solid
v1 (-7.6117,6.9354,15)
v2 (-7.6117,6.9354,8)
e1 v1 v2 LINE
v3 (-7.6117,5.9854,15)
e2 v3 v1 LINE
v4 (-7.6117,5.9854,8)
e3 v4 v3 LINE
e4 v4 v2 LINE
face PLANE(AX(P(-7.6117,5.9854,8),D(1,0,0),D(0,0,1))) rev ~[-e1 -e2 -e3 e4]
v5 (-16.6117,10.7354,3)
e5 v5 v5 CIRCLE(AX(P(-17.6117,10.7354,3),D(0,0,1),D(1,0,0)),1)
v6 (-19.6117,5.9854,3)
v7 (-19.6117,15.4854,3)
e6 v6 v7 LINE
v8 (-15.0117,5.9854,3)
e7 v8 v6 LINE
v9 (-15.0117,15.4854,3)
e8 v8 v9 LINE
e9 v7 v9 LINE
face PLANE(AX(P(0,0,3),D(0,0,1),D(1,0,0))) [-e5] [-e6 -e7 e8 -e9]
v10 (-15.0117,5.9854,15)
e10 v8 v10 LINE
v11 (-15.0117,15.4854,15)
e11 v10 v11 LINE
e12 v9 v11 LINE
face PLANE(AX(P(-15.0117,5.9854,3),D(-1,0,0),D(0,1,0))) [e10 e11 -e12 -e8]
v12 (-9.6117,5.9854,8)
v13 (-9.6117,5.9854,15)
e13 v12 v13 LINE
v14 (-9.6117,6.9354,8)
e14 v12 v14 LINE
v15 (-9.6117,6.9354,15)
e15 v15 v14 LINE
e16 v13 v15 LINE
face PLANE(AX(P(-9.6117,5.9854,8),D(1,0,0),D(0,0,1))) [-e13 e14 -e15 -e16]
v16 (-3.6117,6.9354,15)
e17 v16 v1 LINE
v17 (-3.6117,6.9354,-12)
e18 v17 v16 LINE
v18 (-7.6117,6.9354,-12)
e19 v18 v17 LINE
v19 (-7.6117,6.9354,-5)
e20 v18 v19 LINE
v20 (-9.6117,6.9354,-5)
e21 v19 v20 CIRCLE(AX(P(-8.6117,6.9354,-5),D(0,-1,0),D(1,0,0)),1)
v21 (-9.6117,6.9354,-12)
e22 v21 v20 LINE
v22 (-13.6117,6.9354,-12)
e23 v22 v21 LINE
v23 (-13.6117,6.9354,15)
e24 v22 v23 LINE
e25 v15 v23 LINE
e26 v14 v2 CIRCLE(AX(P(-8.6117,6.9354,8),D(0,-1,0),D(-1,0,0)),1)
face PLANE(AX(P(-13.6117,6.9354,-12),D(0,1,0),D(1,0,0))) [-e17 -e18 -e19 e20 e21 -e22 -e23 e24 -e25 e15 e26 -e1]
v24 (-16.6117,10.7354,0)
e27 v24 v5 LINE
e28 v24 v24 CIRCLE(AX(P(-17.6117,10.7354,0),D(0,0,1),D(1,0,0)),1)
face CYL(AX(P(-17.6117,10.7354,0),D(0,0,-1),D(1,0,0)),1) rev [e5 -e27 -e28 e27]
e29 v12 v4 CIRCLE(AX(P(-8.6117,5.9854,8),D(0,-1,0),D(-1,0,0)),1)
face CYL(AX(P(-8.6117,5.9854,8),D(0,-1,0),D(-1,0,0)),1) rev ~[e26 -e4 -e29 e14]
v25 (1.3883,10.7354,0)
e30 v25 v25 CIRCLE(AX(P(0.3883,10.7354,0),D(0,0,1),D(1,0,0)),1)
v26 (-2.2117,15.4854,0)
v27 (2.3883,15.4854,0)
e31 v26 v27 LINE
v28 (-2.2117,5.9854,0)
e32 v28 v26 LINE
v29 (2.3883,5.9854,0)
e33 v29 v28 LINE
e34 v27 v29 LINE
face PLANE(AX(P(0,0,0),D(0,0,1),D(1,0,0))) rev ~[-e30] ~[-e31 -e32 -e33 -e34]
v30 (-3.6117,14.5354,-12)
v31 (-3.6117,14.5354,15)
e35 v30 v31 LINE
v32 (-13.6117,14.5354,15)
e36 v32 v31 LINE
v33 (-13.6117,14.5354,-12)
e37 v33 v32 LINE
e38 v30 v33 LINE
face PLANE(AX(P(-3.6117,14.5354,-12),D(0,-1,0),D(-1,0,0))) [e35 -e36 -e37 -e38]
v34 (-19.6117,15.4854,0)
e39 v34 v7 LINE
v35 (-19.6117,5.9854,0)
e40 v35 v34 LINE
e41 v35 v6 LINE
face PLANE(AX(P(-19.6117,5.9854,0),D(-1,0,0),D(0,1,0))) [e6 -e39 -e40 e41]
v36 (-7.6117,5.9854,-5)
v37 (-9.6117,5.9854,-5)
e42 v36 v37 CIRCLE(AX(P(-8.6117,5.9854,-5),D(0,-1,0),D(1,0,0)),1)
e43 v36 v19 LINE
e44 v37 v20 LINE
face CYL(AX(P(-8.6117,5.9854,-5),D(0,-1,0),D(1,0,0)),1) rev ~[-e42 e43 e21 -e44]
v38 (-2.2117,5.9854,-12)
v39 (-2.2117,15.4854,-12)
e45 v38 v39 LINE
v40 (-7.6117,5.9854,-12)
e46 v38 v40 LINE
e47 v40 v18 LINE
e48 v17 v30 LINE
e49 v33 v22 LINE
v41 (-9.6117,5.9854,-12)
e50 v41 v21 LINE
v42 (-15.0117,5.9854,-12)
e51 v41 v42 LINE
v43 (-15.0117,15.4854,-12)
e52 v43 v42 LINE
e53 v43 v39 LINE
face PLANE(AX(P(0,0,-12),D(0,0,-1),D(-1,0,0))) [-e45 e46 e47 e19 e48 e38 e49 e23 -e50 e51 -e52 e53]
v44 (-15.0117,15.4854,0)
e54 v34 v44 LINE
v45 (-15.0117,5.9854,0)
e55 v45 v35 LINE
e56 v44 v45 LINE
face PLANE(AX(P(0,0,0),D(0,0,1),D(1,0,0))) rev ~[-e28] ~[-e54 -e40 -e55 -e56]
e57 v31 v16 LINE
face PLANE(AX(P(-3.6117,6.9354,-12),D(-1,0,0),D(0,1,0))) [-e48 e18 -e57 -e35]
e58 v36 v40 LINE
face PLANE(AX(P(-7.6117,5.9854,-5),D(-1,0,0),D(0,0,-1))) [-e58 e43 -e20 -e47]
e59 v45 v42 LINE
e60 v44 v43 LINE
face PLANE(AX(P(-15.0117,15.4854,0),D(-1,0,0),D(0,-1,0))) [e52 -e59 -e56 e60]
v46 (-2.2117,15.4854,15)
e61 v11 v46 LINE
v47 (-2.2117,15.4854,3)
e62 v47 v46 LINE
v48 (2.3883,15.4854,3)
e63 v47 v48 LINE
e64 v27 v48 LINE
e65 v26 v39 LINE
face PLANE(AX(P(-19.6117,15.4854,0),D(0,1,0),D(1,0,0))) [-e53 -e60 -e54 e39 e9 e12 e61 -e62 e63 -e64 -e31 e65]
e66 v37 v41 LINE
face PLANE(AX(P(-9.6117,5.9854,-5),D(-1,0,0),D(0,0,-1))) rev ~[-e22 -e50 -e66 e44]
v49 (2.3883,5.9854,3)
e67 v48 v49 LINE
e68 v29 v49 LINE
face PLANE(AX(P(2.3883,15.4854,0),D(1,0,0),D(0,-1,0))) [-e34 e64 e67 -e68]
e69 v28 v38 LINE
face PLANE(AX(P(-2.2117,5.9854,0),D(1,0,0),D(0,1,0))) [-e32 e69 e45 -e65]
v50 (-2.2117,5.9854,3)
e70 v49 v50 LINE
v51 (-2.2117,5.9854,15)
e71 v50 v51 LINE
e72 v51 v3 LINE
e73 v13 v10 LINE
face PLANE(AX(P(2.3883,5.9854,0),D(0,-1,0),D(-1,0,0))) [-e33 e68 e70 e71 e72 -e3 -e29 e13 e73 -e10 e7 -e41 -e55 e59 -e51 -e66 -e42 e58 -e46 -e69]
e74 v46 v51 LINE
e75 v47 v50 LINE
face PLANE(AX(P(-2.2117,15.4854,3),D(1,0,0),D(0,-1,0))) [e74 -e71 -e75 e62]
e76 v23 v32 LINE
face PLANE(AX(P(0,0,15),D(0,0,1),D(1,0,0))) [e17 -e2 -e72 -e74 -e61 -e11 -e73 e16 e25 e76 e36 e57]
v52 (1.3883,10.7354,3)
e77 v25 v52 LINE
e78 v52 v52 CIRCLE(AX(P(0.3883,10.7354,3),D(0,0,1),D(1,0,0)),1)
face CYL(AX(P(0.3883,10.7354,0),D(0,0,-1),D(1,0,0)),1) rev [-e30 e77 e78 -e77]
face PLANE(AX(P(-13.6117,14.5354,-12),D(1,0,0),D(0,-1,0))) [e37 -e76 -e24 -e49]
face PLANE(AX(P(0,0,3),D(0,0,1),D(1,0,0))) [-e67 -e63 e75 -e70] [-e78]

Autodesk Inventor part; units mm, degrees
ref_plane "YZ Plane" through (0, 0, 0) normal (1, 0, 0) x (0, 1, 0)
ref_plane "XZ Plane" through (0, 0, 0) normal (0, 1, 0) x (-1, 0, 0)
ref_plane "XY Plane" through (0, 0, 0) normal (0, 0, 1) x (1, 0, 0)
sketch "Sketch1" plane through (0, 0, 0) normal (0, 0, 1) x (1, 0, 0)
  line L0 (-19.6117, 15.4854) -> (2.3883, 15.4854)
  line L1 (2.3883, 15.4854) -> (2.3883, 5.9854)
  line L2 (2.3883, 5.9854) -> (-19.6117, 5.9854)
  line L3 (-19.6117, 5.9854) -> (-19.6117, 15.4854)
  circle A0 centre (-17.6117, 10.7354) radius 1
  circle A1 centre (0.3883, 10.7354) radius 1
  point P0 (2.3883, 10.7354)
  dimension "d0" = 22
  dimension "d1" = 9.5
  dimension "d2" = 18
  dimension "d3" = 2
  dimension "d4" = 2
extrude "Extrusion1" add sketch "Sketch1" along normal blind 3
sketch "Sketch2" plane through (0, 0, 3) normal (0, 0, 1) x (1, 0, 0)
  line L0 (-19.6117, 15.4854) -> (2.3883, 15.4854) projected
  line L1 (-19.6117, 5.9854) -> (-19.6117, 15.4854) projected
  line L2 (2.3883, 5.9854) -> (-19.6117, 5.9854) projected
  line L3 (-15.0117, 15.4854) -> (-2.2117, 15.4854)
  line L4 (-2.2117, 15.4854) -> (-2.2117, 5.9854)
  line L5 (-2.2117, 5.9854) -> (-15.0117, 5.9854)
  line L6 (-15.0117, 5.9854) -> (-15.0117, 15.4854)
  point P0 (0, 0)
  point P1 (-8.6117, 5.9854)
  point P2 (-8.6117, 5.9854)
  dimension "d7" = 12.8
extrude "Extrusion2" add sketch "Sketch2" along normal blind 12 contours L0 L4 L2 L6
sketch "Sketch3" plane through (0, 0, 0) normal (0, 0, -1) x (-1, 0, 0)
  line L0 (19.6117, 15.4854) -> (-2.3883, 15.4854) projected
  line L1 (-2.3883, 5.9854) -> (19.6117, 5.9854) projected
  line L2 (15.0117, 5.9854) -> (2.2117, 5.9854)
  line L3 (2.2117, 5.9854) -> (2.2117, 15.4854)
  line L4 (2.2117, 15.4854) -> (15.0117, 15.4854)
  line L5 (15.0117, 15.4854) -> (15.0117, 5.9854)
  point P0 (0, 0)
  point P1 (8.6117, 5.9854)
  point P2 (8.6117, 5.9854)
  dimension "d10" = 12.8
extrude "Extrusion3" add sketch "Sketch3" along normal blind 12
sketch "Sketch4" plane through (0, 0, -12) normal (0, 0, -1) x (-1, 0, 0)
  line L0 (2.2117, 5.9854) -> (2.2117, 15.4854) projected
  line L1 (15.0117, 5.9854) -> (2.2117, 5.9854) projected
  line L2 (13.6117, 6.9354) -> (3.6117, 6.9354)
  line L3 (3.6117, 6.9354) -> (3.6117, 14.5354)
  line L4 (3.6117, 14.5354) -> (13.6117, 14.5354)
  line L5 (13.6117, 14.5354) -> (13.6117, 6.9354)
  point P0 (0, 0)
  point P1 (8.6117, 5.9854)
  point P2 (8.6117, 6.9354)
  point P3 (3.6117, 10.7354)
  point P4 (2.2117, 10.7354)
  dimension "d13" = 10
  dimension "d14" = 7.6
extrude "Extrusion4" cut sketch "Sketch4" against normal blind 30
sketch "Sketch5" plane through (-19.6117, 5.9854, 0) normal (0, -1, 0) x (1, 0, 0)
  line L0 (17.4, 15) -> (4.6, 15) projected
  line L1 (4.6, 3) -> (4.6, 15) projected
  line L2 (4.6, 0) -> (4.6, -12) projected
  line L3 (4.6, -12) -> (17.4, -12) projected
  arc A0 (10, 8) -> (12, 8) centre (11, 8) ccw
  arc A1 (12, -5) -> (10, -5) centre (11, -5) ccw
  line L4 (10, 8) -> (10, 15)
  line L5 (12, 8) -> (12, 15)
  line L6 (10, -5) -> (10, -12)
  line L7 (12, -5) -> (12, -12)
  point P0 (19.6117, 0)
  point P1 (11, 15)
  dimension "d17" = 7
  dimension "d18" = 7
  dimension "d19" = 2
extrude "Extrusion5" cut sketch "Sketch5" against normal blind 3
properties part number "SC-adapter" material "ABS Plastic"
